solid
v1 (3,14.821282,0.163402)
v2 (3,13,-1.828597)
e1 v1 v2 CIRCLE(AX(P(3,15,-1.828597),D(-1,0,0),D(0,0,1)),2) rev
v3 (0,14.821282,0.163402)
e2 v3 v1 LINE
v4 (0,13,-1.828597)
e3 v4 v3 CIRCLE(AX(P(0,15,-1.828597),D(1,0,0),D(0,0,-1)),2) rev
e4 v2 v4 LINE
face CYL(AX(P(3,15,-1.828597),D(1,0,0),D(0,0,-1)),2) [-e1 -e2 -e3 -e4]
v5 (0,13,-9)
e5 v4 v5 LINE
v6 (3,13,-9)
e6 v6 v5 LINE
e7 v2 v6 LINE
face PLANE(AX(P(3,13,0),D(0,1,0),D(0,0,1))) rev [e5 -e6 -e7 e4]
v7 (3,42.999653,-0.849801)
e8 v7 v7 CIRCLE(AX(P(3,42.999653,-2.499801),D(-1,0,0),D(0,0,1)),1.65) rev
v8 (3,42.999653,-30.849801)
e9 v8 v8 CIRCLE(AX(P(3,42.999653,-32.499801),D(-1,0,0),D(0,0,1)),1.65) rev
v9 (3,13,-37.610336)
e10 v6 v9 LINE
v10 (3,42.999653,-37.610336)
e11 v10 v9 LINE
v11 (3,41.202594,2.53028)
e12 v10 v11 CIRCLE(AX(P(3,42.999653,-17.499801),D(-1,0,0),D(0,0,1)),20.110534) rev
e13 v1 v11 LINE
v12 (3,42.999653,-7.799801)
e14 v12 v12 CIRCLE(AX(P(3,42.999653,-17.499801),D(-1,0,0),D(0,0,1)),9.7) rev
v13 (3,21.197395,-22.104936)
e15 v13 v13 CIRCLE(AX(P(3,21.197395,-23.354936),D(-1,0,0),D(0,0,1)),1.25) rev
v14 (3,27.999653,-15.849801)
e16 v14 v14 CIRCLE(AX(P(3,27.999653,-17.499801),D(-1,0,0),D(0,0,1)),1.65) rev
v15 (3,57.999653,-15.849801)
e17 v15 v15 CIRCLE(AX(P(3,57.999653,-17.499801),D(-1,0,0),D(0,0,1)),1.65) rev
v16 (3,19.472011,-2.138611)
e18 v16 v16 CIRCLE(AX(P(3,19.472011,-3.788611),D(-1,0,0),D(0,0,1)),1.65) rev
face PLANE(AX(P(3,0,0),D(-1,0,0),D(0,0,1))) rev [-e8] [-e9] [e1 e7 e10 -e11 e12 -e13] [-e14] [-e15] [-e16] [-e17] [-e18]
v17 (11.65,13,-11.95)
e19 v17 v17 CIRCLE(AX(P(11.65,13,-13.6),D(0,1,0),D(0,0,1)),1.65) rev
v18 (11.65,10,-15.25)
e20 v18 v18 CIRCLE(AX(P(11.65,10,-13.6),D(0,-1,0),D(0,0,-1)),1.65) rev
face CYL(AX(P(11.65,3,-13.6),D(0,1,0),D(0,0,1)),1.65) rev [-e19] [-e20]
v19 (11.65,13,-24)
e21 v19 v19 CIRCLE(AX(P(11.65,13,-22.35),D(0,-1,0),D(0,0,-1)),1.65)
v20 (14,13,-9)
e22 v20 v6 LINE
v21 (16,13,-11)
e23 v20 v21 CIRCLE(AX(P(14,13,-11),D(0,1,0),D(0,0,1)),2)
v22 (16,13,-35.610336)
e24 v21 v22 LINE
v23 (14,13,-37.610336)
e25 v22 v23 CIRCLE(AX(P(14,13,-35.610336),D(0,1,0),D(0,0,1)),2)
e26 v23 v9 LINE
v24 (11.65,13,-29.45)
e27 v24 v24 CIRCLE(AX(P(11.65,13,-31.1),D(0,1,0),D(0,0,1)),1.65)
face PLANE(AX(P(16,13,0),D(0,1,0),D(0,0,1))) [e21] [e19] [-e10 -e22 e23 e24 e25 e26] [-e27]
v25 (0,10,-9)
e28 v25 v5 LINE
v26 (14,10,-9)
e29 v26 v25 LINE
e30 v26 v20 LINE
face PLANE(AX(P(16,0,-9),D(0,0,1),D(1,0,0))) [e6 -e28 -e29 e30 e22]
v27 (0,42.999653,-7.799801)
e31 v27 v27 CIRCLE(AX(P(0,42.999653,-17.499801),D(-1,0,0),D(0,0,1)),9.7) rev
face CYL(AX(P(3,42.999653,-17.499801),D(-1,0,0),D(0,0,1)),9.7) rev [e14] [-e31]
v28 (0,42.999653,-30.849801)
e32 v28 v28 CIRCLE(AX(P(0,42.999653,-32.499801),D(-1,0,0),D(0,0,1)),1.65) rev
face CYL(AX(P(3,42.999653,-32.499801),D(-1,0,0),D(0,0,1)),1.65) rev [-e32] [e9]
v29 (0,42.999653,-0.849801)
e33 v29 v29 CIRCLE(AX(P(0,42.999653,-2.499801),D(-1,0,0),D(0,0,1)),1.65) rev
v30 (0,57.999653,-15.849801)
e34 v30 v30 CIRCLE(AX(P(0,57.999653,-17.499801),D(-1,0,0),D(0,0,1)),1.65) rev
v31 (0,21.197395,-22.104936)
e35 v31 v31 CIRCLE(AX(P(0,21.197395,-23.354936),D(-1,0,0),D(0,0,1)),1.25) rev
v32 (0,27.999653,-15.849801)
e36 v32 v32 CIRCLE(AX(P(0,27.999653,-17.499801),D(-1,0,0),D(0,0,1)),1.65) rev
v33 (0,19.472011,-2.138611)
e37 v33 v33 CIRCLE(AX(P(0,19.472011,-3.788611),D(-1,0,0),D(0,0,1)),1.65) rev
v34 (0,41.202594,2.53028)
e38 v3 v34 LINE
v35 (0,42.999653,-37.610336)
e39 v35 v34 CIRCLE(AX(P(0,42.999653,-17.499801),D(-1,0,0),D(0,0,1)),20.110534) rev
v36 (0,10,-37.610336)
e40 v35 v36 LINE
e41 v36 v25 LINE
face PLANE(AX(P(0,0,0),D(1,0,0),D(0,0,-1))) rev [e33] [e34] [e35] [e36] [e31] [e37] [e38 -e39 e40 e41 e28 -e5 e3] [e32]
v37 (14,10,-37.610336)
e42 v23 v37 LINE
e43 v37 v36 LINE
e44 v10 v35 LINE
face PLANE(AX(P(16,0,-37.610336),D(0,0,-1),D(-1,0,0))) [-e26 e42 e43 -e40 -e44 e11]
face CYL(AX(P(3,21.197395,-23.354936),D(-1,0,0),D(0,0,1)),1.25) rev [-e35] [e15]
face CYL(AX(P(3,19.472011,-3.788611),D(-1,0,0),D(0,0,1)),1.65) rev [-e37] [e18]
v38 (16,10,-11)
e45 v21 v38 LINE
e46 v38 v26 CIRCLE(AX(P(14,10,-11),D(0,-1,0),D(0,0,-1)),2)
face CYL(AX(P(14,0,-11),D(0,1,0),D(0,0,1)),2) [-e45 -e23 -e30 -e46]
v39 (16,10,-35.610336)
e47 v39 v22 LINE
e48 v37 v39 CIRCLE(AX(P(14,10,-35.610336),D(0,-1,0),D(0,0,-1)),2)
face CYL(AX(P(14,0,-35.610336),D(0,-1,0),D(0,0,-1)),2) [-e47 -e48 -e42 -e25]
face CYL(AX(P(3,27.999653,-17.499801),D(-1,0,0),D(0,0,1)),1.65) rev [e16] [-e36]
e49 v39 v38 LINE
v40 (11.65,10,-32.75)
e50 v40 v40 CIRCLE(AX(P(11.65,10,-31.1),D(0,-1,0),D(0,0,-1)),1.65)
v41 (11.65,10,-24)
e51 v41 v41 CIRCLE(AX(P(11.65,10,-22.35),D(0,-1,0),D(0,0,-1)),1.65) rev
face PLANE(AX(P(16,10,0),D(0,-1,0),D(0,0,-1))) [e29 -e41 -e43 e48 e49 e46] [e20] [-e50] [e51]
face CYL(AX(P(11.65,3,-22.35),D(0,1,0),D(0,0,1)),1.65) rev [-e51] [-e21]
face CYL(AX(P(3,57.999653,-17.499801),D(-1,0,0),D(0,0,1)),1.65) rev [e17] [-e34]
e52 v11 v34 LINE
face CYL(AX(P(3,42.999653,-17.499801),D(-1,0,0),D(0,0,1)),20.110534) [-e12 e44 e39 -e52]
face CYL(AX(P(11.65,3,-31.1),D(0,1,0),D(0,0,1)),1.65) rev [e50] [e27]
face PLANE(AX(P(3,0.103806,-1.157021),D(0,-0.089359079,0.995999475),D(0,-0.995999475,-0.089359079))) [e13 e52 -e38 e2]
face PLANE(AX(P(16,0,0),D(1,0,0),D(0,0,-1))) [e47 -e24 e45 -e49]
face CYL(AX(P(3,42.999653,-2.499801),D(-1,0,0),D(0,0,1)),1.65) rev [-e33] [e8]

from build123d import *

# Parameters (mm, degrees)
SKETCH_2_W          = 28.61033589
SKETCH_2_H          = 3
EXTRUDE_5_DEPTH     = 16
SKETCH_3_R          = 1.65
CUT_EXTRUDE_1_DEPTH = 10
SKETCH_4_R          = 1.65
SKETCH_4_R_2        = 1.25
SKETCH_4_R_3        = 9.7
EXTRUDE_8_DEPTH     = 3
FILLET_1_R          = 2


with BuildPart() as part:
    # 草图2 → 凸台-拉伸5 (new body)
    with BuildSketch(Plane.ZY):
        with Locations((-23.305167945, 11.5)):
            Rectangle(SKETCH_2_W, SKETCH_2_H)
    extrude(amount=-EXTRUDE_5_DEPTH)

    # 草图3 → 切除-拉伸1 (cut)
    with BuildSketch(Plane(origin=(0, 13, 0), x_dir=(1, 0, 0), z_dir=(0, 1, 0))):
        with Locations(Location((11.65, 31.1, 0), (0, 0, 270))):
            Circle(SKETCH_3_R)
        with Locations(Location((11.65, 22.35, 0), (0, 0, 90))):
            Circle(SKETCH_3_R)
        with Locations(Location((11.65, 13.6, 0), (0, 0, 270))):
            Circle(SKETCH_3_R)
    extrude(amount=-CUT_EXTRUDE_1_DEPTH, mode=Mode.SUBTRACT)

    # 草图4 → 凸台-拉伸8 (add)
    with BuildSketch(Plane(origin=(0, 0, 0), x_dir=(0, 0, -1), z_dir=(1, 0, 0))):
        with BuildLine():
            Line((0, 13), (37.61033589, 13))
            Line((37.61033589, 13), (37.61033589, 42.99965258))
            ThreePointArc((37.61033589, 42.99965258), (16.600372012, 63.090063758), (-2.530280254, 41.20259366))
            Line((-2.530280254, 41.20259366), (0, 13))
        make_face()
        with Locations(Location((17.49980147, 57.99965258, 0), (0, 0, 180))):
            Circle(SKETCH_4_R, mode=Mode.SUBTRACT)
        with Locations(Location((32.49980147, 42.99965258, 0), (0, 0, 180))):
            Circle(SKETCH_4_R, mode=Mode.SUBTRACT)
        with Locations(Location((17.49980147, 27.99965258, 0), (0, 0, 180))):
            Circle(SKETCH_4_R, mode=Mode.SUBTRACT)
        with Locations(Location((2.49980147, 42.99965258, 0), (0, 0, 180))):
            Circle(SKETCH_4_R, mode=Mode.SUBTRACT)
        with Locations(Location((23.354935737, 21.197394906, 0), (0, 0, 180))):
            Circle(SKETCH_4_R_2, mode=Mode.SUBTRACT)
        with Locations(Location((3.788610616, 19.472011044, 0), (0, 0, 180))):
            Circle(SKETCH_4_R, mode=Mode.SUBTRACT)
        with Locations(Location((17.49980147, 42.99965258, 0), (0, 0, 180))):
            Circle(SKETCH_4_R_3, mode=Mode.SUBTRACT)
    extrude(amount=EXTRUDE_8_DEPTH)

    # 圆角1
    fillet_1_edges = [part.edges().sort_by_distance(p)[0] for p in [
        (16, 11.5, -37.61033589),
        (1.5, 13, 0),
        (16, 11.5, -9),
    ]]
    fillet(fillet_1_edges, radius=FILLET_1_R)


solid = part.part
